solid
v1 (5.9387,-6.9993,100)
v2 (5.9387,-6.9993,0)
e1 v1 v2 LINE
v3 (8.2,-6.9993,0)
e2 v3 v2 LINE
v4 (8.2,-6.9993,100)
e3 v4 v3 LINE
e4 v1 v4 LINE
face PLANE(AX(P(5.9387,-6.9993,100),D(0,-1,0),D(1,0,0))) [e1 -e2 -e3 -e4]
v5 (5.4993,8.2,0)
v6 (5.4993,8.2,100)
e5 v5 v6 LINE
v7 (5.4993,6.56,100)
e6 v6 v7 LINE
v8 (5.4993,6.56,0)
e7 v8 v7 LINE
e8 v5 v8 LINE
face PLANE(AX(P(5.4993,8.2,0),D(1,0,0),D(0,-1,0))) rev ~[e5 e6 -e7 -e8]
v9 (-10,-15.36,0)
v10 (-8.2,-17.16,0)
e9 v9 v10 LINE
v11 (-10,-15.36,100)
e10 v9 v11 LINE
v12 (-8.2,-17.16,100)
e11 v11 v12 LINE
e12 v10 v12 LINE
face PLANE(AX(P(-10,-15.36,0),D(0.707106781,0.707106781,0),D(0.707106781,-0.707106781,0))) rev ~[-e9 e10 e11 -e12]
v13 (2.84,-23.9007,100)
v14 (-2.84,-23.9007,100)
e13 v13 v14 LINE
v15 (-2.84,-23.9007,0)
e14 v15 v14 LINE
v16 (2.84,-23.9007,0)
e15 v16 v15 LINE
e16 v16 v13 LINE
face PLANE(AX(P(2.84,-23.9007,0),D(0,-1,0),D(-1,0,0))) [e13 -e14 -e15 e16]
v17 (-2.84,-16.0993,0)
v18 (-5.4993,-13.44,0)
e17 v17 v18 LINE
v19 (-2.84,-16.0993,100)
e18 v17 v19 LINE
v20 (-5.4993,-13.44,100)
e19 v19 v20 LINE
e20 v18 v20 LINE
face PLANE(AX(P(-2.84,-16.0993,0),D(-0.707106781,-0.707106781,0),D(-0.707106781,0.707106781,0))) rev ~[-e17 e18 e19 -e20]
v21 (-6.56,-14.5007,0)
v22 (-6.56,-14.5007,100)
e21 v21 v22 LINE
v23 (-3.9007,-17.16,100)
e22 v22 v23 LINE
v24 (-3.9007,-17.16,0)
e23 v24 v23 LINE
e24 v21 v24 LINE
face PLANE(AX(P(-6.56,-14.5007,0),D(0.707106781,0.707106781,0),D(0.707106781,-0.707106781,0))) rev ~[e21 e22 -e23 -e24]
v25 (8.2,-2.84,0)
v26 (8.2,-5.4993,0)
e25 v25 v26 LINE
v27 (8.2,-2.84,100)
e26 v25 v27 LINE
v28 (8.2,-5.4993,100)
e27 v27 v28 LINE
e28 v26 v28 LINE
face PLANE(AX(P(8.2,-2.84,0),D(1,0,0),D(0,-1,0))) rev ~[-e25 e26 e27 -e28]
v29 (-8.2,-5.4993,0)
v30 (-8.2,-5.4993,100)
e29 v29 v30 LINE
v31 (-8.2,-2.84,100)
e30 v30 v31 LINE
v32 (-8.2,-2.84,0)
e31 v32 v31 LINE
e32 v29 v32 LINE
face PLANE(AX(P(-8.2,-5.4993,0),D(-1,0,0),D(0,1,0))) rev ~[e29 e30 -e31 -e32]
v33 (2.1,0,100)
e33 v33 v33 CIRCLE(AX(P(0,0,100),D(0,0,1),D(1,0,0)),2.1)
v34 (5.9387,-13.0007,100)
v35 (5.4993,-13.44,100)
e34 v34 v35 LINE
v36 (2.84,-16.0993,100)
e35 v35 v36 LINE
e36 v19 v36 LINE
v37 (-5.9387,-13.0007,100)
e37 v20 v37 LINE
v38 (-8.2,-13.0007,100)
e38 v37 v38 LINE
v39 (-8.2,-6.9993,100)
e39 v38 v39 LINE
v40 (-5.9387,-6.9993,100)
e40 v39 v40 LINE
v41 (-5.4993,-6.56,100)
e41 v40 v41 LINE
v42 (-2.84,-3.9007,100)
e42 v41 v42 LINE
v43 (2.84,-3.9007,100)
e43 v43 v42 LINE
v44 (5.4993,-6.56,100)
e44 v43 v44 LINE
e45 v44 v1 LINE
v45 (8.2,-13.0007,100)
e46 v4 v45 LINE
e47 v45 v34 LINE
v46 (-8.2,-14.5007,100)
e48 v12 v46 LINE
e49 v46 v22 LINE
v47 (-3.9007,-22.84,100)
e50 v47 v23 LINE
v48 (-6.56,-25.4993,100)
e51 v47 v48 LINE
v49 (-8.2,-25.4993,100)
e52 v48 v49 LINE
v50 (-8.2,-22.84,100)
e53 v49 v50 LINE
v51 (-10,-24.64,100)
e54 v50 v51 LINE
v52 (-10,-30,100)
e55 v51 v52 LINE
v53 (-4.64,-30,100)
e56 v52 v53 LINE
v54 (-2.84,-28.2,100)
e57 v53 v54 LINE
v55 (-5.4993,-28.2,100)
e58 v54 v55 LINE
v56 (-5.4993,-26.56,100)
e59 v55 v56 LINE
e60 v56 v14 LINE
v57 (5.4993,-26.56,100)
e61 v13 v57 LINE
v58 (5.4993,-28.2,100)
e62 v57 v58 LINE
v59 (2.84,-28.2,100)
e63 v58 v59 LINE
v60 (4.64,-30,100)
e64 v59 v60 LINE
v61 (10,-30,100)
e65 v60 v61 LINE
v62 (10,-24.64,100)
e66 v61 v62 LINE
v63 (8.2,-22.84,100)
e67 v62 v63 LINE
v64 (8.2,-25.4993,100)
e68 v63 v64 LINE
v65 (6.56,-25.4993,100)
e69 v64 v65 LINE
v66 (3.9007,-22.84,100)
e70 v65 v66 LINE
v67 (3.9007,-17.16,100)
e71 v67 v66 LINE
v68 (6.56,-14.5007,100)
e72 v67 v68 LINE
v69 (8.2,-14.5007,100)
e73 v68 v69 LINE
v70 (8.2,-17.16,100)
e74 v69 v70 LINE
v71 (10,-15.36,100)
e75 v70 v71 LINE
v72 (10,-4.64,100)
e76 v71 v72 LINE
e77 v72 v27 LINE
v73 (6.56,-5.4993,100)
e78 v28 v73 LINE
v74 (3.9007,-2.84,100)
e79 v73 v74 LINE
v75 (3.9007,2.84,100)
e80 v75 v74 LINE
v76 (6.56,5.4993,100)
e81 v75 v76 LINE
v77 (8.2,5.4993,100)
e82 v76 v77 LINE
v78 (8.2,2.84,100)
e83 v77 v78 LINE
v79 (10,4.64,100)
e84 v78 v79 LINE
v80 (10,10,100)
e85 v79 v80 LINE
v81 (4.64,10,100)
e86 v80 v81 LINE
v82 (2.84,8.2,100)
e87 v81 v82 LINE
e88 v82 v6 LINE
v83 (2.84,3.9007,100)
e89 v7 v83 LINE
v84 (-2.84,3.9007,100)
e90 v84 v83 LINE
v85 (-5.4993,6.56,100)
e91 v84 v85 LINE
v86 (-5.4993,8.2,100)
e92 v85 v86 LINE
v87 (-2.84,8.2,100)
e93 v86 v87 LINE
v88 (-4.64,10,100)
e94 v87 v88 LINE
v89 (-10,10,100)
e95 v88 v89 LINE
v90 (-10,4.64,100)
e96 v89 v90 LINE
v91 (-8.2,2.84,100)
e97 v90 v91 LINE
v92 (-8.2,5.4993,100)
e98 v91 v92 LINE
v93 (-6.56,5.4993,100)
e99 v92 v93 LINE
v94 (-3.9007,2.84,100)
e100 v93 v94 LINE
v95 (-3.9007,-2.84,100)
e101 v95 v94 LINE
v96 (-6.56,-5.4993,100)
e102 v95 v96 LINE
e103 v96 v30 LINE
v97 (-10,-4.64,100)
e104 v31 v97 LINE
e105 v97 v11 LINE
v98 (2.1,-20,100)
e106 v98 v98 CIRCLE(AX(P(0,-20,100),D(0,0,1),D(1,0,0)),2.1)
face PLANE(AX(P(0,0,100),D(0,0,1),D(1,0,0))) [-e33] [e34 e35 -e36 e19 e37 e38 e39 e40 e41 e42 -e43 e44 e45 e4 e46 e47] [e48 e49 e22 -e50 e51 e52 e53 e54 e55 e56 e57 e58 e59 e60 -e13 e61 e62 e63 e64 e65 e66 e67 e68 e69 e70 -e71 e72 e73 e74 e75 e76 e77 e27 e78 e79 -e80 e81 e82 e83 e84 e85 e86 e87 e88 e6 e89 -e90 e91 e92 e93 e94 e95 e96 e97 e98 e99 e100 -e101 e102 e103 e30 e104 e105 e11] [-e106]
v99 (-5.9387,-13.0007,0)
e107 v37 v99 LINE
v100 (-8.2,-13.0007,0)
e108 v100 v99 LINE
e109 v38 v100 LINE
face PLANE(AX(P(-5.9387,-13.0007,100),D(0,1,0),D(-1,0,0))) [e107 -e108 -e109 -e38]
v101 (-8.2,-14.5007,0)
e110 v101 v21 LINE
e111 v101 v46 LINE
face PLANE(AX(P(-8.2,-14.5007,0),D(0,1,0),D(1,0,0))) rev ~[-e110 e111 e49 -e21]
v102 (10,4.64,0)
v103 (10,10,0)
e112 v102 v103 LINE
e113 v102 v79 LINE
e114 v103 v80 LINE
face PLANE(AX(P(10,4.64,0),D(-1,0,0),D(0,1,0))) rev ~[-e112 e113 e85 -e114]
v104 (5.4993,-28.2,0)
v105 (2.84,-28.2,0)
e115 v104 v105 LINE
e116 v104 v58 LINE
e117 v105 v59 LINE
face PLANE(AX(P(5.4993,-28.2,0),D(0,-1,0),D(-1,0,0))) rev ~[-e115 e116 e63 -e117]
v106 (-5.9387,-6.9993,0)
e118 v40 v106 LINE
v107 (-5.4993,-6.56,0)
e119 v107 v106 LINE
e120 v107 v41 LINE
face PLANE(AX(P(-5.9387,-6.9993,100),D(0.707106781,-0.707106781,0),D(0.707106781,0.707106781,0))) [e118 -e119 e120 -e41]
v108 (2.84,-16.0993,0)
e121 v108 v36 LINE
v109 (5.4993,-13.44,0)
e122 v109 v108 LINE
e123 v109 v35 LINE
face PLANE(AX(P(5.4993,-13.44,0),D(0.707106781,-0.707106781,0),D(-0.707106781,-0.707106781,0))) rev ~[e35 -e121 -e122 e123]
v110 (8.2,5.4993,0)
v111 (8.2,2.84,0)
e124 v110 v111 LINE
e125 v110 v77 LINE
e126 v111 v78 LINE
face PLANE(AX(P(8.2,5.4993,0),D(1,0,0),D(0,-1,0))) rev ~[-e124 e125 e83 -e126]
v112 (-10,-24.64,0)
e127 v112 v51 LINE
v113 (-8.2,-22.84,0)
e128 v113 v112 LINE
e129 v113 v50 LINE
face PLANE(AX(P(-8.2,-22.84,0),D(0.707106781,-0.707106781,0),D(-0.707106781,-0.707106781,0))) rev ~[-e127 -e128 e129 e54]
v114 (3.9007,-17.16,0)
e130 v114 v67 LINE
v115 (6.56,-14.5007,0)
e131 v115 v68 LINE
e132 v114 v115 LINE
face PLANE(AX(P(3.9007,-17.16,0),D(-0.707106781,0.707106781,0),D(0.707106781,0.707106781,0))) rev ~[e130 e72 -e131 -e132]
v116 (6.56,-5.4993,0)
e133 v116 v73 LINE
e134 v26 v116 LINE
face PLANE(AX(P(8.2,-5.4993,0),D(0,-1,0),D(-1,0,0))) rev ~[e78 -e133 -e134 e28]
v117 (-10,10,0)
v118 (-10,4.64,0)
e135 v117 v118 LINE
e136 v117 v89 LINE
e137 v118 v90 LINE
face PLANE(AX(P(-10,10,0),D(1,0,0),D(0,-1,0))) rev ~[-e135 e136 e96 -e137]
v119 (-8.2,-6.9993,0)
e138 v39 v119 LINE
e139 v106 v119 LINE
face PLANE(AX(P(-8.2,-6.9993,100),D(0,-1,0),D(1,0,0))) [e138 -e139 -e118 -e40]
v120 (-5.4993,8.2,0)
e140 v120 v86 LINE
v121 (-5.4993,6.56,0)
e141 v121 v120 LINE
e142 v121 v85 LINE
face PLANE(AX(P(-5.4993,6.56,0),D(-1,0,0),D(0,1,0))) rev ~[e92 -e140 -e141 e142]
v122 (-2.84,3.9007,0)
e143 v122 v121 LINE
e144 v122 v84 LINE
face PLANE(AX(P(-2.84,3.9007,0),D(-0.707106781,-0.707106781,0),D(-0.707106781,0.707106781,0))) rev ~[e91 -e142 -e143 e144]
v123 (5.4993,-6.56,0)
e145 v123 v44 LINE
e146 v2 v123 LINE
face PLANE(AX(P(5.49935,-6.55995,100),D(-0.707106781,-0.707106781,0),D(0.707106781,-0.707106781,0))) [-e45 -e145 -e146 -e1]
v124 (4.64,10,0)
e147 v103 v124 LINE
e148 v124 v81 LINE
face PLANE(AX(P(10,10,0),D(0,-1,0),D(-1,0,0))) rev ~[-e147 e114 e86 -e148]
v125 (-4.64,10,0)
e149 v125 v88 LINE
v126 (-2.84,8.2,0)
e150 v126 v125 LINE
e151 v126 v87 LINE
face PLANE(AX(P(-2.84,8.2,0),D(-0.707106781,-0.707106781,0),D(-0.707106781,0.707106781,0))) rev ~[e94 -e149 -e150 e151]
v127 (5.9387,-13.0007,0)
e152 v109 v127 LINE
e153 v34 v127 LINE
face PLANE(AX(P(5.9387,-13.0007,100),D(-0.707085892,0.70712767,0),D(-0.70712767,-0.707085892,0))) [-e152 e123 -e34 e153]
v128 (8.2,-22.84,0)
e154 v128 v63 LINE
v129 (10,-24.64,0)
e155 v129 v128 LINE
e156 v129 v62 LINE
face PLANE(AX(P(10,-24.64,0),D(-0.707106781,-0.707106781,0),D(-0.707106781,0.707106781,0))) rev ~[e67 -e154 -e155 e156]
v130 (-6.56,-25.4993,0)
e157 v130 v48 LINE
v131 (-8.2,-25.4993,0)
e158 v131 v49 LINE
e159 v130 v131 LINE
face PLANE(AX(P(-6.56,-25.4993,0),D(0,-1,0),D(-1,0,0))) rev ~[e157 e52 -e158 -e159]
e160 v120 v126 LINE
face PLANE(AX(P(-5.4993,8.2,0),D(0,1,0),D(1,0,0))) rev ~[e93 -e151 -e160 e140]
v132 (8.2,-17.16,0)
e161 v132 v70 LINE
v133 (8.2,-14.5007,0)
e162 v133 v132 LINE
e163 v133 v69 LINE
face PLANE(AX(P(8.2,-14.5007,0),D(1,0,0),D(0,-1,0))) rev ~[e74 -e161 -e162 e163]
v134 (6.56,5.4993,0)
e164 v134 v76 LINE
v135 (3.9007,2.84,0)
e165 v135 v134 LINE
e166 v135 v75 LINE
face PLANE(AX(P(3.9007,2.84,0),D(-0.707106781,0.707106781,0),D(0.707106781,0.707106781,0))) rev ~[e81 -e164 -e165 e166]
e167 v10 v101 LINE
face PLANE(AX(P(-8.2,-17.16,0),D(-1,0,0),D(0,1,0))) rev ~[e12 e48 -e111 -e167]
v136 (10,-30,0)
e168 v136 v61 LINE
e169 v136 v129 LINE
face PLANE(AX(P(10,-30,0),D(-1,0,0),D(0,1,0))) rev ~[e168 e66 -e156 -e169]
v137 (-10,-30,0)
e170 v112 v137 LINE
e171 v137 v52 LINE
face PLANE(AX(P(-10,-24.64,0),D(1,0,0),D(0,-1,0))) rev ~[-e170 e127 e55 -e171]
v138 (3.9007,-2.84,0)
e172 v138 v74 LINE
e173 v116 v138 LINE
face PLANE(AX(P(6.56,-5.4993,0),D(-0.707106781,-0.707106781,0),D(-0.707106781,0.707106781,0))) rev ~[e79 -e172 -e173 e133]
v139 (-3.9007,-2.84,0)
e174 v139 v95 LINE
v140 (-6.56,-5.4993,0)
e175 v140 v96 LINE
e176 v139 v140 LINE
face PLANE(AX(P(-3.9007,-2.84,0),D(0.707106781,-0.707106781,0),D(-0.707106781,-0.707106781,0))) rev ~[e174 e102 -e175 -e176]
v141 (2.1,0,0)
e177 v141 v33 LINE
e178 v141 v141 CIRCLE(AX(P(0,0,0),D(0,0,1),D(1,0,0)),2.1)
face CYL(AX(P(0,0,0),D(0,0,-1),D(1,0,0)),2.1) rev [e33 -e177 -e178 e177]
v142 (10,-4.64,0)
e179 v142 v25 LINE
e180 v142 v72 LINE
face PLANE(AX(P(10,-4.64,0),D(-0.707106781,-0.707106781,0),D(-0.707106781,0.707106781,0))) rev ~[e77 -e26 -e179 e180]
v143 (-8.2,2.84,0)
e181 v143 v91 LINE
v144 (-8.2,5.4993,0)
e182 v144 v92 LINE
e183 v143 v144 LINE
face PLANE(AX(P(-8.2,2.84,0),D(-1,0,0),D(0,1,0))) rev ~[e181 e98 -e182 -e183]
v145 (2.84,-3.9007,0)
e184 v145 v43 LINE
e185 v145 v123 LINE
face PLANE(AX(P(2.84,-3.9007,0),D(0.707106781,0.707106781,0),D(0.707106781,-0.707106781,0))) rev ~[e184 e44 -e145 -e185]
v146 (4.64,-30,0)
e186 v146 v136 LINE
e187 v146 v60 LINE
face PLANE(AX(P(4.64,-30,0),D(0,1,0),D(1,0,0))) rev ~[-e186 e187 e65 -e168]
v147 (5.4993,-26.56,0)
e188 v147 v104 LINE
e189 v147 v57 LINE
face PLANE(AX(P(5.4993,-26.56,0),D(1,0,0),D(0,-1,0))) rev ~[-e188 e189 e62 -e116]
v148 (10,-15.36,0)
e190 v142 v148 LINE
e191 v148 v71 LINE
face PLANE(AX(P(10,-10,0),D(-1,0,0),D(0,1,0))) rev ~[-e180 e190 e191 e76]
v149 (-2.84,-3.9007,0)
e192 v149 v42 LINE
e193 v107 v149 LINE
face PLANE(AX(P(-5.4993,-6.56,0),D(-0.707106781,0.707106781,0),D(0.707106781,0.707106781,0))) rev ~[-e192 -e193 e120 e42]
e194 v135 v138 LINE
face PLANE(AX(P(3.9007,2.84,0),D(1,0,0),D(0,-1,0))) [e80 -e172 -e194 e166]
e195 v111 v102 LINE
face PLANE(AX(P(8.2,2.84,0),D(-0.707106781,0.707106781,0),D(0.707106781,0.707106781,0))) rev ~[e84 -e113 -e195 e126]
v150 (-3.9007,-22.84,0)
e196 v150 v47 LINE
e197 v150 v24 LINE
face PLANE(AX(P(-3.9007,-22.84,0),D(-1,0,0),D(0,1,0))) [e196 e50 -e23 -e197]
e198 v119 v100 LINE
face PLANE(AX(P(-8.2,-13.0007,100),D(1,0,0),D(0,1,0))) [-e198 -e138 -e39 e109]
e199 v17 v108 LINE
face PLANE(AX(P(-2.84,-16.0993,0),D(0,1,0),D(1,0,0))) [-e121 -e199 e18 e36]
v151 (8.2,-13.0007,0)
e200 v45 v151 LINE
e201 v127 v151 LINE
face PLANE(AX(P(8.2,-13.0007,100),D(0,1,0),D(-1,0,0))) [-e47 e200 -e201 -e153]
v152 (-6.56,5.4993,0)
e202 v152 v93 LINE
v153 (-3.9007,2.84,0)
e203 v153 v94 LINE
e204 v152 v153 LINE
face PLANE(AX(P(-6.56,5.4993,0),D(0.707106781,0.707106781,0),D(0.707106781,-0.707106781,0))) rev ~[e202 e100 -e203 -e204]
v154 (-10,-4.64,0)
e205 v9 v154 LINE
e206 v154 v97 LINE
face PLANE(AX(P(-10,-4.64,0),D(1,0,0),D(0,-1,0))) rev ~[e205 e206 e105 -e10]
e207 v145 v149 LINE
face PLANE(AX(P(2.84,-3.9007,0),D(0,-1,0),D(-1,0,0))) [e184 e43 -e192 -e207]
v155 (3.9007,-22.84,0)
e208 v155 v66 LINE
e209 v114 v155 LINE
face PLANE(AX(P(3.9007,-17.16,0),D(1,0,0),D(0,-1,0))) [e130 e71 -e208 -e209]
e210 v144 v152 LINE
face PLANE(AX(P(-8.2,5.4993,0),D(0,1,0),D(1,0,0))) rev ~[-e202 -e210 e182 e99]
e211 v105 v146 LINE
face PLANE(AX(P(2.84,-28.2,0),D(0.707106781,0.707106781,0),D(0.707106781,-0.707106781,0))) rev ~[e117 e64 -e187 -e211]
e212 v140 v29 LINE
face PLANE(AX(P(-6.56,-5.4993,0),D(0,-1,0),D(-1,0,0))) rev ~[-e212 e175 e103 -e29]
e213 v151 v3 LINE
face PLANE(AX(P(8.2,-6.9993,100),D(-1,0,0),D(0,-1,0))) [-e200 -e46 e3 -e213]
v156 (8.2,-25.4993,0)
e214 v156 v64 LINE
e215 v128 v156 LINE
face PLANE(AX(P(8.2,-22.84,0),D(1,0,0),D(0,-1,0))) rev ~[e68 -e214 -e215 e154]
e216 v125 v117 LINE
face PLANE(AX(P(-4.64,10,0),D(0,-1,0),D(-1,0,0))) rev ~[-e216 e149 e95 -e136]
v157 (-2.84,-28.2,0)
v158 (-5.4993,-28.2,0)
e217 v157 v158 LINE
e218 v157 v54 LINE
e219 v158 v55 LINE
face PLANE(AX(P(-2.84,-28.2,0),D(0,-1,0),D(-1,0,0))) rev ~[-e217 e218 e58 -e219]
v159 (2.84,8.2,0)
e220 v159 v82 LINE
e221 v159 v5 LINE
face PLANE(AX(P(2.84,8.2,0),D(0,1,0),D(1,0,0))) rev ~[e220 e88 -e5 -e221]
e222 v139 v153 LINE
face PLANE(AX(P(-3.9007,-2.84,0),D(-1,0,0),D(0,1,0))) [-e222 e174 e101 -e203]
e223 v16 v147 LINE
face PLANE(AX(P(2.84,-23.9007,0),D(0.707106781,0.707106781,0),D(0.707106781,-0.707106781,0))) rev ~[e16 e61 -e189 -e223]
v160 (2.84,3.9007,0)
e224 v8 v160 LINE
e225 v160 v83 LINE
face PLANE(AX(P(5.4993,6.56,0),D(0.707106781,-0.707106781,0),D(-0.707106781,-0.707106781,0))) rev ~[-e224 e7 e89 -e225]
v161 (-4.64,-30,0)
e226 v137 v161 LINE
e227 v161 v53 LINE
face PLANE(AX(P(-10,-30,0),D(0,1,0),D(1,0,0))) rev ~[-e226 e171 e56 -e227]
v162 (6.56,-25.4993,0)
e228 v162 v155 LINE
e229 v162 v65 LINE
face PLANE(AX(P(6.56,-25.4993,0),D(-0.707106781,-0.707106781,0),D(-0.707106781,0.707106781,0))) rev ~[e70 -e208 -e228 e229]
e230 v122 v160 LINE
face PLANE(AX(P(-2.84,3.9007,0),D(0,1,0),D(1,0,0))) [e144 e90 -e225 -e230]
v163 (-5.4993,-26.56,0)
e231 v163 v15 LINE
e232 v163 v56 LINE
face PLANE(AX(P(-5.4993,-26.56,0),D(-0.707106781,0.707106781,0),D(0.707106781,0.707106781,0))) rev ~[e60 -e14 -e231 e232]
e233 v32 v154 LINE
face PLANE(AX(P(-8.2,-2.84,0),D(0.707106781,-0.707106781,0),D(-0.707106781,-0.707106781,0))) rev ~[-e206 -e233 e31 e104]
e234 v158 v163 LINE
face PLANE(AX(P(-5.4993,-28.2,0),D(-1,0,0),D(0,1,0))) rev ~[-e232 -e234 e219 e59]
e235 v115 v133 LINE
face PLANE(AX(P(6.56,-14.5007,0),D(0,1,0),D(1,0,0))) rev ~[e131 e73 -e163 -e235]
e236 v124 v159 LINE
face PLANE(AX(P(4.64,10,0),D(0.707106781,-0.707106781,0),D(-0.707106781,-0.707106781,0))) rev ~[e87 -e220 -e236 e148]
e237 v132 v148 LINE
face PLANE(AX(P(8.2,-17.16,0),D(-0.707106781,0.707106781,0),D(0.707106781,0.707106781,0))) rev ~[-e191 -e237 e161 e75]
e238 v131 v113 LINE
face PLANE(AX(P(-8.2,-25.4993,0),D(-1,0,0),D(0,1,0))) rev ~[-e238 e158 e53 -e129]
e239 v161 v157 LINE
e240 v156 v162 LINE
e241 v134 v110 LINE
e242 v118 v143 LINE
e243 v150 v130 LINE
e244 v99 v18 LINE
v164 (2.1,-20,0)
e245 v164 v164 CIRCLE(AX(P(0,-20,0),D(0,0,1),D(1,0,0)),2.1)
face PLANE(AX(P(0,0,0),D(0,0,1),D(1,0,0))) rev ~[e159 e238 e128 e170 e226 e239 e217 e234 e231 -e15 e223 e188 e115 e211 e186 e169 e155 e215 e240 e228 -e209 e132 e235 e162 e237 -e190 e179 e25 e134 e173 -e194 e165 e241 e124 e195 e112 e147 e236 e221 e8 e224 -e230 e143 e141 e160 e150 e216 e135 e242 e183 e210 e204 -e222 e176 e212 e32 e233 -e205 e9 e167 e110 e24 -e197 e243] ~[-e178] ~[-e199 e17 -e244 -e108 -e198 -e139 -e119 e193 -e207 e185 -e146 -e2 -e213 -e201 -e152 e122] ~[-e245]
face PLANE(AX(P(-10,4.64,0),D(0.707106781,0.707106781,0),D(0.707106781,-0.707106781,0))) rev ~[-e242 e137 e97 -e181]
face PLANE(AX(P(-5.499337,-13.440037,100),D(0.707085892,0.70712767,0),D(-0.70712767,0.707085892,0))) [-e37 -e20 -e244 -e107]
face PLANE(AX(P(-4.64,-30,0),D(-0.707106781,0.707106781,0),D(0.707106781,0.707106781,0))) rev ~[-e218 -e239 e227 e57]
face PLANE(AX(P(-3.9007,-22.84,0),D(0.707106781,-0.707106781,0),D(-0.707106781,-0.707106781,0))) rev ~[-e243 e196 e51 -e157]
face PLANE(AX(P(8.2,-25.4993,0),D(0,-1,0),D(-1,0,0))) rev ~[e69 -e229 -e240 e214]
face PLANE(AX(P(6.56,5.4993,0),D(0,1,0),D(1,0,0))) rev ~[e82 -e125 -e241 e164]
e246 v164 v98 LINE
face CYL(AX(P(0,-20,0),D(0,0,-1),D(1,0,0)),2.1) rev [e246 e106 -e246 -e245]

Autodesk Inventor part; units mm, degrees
ref_plane "YZ Plane" through (0, 0, 0) normal (1, 0, 0) x (0, 1, 0)
ref_plane "XY Plane" through (0, 0, 0) normal (0, 0, 1) x (1, 0, 0)
sketch "Sketch1" plane through (0, 0, 0) normal (0, 0, 1) x (1, 0, 0)
  line L0 (-3.9007, 3.9007) -> (3.9007, 3.9007)
  line L1 (3.9007, 3.9007) -> (3.9007, -3.9007)
  line L2 (3.9007, -3.9007) -> (-3.9007, -3.9007)
  line L3 (-3.9007, -3.9007) -> (-3.9007, 3.9007)
  line L4 (0, 3.9007) -> (0, -3.9007) construction
  line L5 (-3.9007, 0) -> (3.9007, 0) construction
  circle A0 centre (0, 0) radius 2.1
  line L6 (0, 0) -> (-16.1173, 16.1173) construction
  line L7 (0, 0) -> (22.7933, 0) construction
  line L8 (-2.84, 3.9007) -> (-5.4993, 6.56)
  line L9 (-5.4993, 6.56) -> (-5.4993, 8.2)
  line L10 (-5.4993, 8.2) -> (-2.84, 8.2)
  line L11 (-2.84, 8.2) -> (-4.64, 10)
  line L12 (-4.64, 10) -> (-10, 10)
  line L13 (-10, 10) -> (-10, 4.64)
  line L14 (-10, 4.64) -> (-8.2, 2.84)
  line L15 (-8.2, 2.84) -> (-8.2, 5.4993)
  line L16 (-8.2, 5.4993) -> (-6.56, 5.4993)
  line L17 (-6.56, 5.4993) -> (-3.9007, 2.84)
  line L18 (-3.9007, 2.84) -> (-11.3102, 2.84) construction
  line L19 (-2.84, 3.9007) -> (-3.9007, 3.9007)
  line L20 (-3.9007, 2.84) -> (-3.9007, 3.9007)
  line L21 (-3.9007, -2.84) -> (-6.56, -5.4993)
  line L22 (-6.56, -5.4993) -> (-8.2, -5.4993)
  line L23 (-8.2, -5.4993) -> (-8.2, -2.84)
  line L24 (-8.2, -2.84) -> (-10, -4.64)
  line L25 (-10, -4.64) -> (-10, -10)
  line L26 (-10, -10) -> (-4.64, -10)
  line L27 (-4.64, -10) -> (-2.84, -8.2)
  line L28 (-2.84, -8.2) -> (-5.4993, -8.2)
  line L29 (-5.4993, -8.2) -> (-5.4993, -6.56)
  line L30 (-5.4993, -6.56) -> (-2.84, -3.9007)
  line L31 (-3.9007, -2.84) -> (-3.9007, -3.9007)
  line L32 (-2.84, -3.9007) -> (-3.9007, -3.9007)
  line L33 (2.84, -3.9007) -> (5.4993, -6.56)
  line L34 (5.4993, -6.56) -> (5.4993, -8.2)
  line L35 (5.4993, -8.2) -> (2.84, -8.2)
  line L36 (2.84, -8.2) -> (4.64, -10)
  line L37 (4.64, -10) -> (10, -10)
  line L38 (10, -10) -> (10, -4.64)
  line L39 (10, -4.64) -> (8.2, -2.84)
  line L40 (8.2, -2.84) -> (8.2, -5.4993)
  line L41 (8.2, -5.4993) -> (6.56, -5.4993)
  line L42 (6.56, -5.4993) -> (3.9007, -2.84)
  line L43 (2.84, -3.9007) -> (3.9007, -3.9007)
  line L44 (3.9007, -2.84) -> (3.9007, -3.9007)
  line L45 (3.9007, 2.84) -> (6.56, 5.4993)
  line L46 (6.56, 5.4993) -> (8.2, 5.4993)
  line L47 (8.2, 5.4993) -> (8.2, 2.84)
  line L48 (8.2, 2.84) -> (10, 4.64)
  line L49 (10, 4.64) -> (10, 10)
  line L50 (10, 10) -> (4.64, 10)
  line L51 (4.64, 10) -> (2.84, 8.2)
  line L52 (2.84, 8.2) -> (5.4993, 8.2)
  line L53 (5.4993, 8.2) -> (5.4993, 6.56)
  line L54 (5.4993, 6.56) -> (2.84, 3.9007)
  line L55 (3.9007, 2.84) -> (3.9007, 3.9007)
  line L56 (2.84, 3.9007) -> (3.9007, 3.9007)
  dimension "d7" = 4.2
  dimension "d8" = 135
  dimension "d9" = 1.5
  dimension "d10" = 1.64
  dimension "d11" = 1.8
  dimension "d12" = 2.84
  dimension "d13" = 10
  dimension "d16" = 360
extrude "Extrusion1" add sketch "Sketch1" along normal blind 100
pattern_linear "Rectangular Pattern1" count 2 spacing 20 along (0, -1, 0) of "Extrusion1"
sketch "Sketch2" plane through (0, 0, 100) normal (0, 0, 1) x (1, 0, 0)
  line L0 (8.2, -2.84) -> (8.2, -5.4993) projected
  line L1 (8.2, -5.4993) -> (6.56, -5.4993) projected
  line L2 (-6.56, -5.4993) -> (-8.2, -5.4993) projected
  line L3 (-8.2, -5.4993) -> (-8.2, -2.84) projected
  line L4 (-8.2, -14.5007) -> (-6.56, -14.5007) projected
  line L5 (6.56, -14.5007) -> (8.2, -14.5007) projected
  line L6 (5.4993, -11.8) -> (5.4993, -13.44) projected
  line L7 (5.4993, -13.44) -> (2.84, -16.0993) projected
  line L8 (-2.84, -16.0993) -> (-5.4993, -13.44) projected
  line L9 (-5.4993, -8.2) -> (-5.4993, -6.56) projected
  line L10 (-5.4993, -6.56) -> (-2.84, -3.9007) projected
  line L11 (2.84, -3.9007) -> (5.4993, -6.56) projected
  line L12 (2.84, -8.2) -> (4.64, -10) projected
  line L13 (-8.2, -6.9993) -> (-5.9387, -6.9993)
  line L14 (-5.9387, -6.9993) -> (-4.1231, -5.1837)
  line L15 (-4.1231, -5.1837) -> (4.1231, -5.1837)
  line L16 (4.1231, -5.1837) -> (5.9387, -6.9993)
  line L17 (5.9387, -6.9993) -> (8.2, -6.9993)
  line L18 (8.2, -6.9993) -> (8.2, -13.0007)
  line L19 (8.2, -13.0007) -> (5.9387, -13.0007)
  line L20 (5.9387, -13.0007) -> (4.2461, -14.6932)
  line L21 (4.2461, -14.6932) -> (-4.2461, -14.6932)
  line L22 (-4.2461, -14.6932) -> (-5.9387, -13.0007)
  line L23 (-5.9387, -13.0007) -> (-8.2, -13.0007)
  line L24 (-8.2, -13.0007) -> (-8.2, -6.9993)
  dimension "d23" = 1.5
  dimension "d24" = 1.5
  dimension "d25" = 1.5
  dimension "d26" = 1.5
extrude "Extrusion2" cut sketch "Sketch2" against normal up to next
ref_plane "Work Plane3" through (0, -20, 0) normal (0, 1, 0) x (-1, 0, 0)
ref_plane "Work Plane2" through (0, 0, 0) normal (0, 1, 0) x (-1, 0, 0)
ref_plane "Work Plane1" through (0, -10, 0) normal (0, 1, 0) x (-1, 0, 0)
equation "\"d24\" = d23"
equation "\"d25\" = d23"
equation "\"d26\" = d23"
properties part number "20x40x597mm" material "Aluminum 6061"
